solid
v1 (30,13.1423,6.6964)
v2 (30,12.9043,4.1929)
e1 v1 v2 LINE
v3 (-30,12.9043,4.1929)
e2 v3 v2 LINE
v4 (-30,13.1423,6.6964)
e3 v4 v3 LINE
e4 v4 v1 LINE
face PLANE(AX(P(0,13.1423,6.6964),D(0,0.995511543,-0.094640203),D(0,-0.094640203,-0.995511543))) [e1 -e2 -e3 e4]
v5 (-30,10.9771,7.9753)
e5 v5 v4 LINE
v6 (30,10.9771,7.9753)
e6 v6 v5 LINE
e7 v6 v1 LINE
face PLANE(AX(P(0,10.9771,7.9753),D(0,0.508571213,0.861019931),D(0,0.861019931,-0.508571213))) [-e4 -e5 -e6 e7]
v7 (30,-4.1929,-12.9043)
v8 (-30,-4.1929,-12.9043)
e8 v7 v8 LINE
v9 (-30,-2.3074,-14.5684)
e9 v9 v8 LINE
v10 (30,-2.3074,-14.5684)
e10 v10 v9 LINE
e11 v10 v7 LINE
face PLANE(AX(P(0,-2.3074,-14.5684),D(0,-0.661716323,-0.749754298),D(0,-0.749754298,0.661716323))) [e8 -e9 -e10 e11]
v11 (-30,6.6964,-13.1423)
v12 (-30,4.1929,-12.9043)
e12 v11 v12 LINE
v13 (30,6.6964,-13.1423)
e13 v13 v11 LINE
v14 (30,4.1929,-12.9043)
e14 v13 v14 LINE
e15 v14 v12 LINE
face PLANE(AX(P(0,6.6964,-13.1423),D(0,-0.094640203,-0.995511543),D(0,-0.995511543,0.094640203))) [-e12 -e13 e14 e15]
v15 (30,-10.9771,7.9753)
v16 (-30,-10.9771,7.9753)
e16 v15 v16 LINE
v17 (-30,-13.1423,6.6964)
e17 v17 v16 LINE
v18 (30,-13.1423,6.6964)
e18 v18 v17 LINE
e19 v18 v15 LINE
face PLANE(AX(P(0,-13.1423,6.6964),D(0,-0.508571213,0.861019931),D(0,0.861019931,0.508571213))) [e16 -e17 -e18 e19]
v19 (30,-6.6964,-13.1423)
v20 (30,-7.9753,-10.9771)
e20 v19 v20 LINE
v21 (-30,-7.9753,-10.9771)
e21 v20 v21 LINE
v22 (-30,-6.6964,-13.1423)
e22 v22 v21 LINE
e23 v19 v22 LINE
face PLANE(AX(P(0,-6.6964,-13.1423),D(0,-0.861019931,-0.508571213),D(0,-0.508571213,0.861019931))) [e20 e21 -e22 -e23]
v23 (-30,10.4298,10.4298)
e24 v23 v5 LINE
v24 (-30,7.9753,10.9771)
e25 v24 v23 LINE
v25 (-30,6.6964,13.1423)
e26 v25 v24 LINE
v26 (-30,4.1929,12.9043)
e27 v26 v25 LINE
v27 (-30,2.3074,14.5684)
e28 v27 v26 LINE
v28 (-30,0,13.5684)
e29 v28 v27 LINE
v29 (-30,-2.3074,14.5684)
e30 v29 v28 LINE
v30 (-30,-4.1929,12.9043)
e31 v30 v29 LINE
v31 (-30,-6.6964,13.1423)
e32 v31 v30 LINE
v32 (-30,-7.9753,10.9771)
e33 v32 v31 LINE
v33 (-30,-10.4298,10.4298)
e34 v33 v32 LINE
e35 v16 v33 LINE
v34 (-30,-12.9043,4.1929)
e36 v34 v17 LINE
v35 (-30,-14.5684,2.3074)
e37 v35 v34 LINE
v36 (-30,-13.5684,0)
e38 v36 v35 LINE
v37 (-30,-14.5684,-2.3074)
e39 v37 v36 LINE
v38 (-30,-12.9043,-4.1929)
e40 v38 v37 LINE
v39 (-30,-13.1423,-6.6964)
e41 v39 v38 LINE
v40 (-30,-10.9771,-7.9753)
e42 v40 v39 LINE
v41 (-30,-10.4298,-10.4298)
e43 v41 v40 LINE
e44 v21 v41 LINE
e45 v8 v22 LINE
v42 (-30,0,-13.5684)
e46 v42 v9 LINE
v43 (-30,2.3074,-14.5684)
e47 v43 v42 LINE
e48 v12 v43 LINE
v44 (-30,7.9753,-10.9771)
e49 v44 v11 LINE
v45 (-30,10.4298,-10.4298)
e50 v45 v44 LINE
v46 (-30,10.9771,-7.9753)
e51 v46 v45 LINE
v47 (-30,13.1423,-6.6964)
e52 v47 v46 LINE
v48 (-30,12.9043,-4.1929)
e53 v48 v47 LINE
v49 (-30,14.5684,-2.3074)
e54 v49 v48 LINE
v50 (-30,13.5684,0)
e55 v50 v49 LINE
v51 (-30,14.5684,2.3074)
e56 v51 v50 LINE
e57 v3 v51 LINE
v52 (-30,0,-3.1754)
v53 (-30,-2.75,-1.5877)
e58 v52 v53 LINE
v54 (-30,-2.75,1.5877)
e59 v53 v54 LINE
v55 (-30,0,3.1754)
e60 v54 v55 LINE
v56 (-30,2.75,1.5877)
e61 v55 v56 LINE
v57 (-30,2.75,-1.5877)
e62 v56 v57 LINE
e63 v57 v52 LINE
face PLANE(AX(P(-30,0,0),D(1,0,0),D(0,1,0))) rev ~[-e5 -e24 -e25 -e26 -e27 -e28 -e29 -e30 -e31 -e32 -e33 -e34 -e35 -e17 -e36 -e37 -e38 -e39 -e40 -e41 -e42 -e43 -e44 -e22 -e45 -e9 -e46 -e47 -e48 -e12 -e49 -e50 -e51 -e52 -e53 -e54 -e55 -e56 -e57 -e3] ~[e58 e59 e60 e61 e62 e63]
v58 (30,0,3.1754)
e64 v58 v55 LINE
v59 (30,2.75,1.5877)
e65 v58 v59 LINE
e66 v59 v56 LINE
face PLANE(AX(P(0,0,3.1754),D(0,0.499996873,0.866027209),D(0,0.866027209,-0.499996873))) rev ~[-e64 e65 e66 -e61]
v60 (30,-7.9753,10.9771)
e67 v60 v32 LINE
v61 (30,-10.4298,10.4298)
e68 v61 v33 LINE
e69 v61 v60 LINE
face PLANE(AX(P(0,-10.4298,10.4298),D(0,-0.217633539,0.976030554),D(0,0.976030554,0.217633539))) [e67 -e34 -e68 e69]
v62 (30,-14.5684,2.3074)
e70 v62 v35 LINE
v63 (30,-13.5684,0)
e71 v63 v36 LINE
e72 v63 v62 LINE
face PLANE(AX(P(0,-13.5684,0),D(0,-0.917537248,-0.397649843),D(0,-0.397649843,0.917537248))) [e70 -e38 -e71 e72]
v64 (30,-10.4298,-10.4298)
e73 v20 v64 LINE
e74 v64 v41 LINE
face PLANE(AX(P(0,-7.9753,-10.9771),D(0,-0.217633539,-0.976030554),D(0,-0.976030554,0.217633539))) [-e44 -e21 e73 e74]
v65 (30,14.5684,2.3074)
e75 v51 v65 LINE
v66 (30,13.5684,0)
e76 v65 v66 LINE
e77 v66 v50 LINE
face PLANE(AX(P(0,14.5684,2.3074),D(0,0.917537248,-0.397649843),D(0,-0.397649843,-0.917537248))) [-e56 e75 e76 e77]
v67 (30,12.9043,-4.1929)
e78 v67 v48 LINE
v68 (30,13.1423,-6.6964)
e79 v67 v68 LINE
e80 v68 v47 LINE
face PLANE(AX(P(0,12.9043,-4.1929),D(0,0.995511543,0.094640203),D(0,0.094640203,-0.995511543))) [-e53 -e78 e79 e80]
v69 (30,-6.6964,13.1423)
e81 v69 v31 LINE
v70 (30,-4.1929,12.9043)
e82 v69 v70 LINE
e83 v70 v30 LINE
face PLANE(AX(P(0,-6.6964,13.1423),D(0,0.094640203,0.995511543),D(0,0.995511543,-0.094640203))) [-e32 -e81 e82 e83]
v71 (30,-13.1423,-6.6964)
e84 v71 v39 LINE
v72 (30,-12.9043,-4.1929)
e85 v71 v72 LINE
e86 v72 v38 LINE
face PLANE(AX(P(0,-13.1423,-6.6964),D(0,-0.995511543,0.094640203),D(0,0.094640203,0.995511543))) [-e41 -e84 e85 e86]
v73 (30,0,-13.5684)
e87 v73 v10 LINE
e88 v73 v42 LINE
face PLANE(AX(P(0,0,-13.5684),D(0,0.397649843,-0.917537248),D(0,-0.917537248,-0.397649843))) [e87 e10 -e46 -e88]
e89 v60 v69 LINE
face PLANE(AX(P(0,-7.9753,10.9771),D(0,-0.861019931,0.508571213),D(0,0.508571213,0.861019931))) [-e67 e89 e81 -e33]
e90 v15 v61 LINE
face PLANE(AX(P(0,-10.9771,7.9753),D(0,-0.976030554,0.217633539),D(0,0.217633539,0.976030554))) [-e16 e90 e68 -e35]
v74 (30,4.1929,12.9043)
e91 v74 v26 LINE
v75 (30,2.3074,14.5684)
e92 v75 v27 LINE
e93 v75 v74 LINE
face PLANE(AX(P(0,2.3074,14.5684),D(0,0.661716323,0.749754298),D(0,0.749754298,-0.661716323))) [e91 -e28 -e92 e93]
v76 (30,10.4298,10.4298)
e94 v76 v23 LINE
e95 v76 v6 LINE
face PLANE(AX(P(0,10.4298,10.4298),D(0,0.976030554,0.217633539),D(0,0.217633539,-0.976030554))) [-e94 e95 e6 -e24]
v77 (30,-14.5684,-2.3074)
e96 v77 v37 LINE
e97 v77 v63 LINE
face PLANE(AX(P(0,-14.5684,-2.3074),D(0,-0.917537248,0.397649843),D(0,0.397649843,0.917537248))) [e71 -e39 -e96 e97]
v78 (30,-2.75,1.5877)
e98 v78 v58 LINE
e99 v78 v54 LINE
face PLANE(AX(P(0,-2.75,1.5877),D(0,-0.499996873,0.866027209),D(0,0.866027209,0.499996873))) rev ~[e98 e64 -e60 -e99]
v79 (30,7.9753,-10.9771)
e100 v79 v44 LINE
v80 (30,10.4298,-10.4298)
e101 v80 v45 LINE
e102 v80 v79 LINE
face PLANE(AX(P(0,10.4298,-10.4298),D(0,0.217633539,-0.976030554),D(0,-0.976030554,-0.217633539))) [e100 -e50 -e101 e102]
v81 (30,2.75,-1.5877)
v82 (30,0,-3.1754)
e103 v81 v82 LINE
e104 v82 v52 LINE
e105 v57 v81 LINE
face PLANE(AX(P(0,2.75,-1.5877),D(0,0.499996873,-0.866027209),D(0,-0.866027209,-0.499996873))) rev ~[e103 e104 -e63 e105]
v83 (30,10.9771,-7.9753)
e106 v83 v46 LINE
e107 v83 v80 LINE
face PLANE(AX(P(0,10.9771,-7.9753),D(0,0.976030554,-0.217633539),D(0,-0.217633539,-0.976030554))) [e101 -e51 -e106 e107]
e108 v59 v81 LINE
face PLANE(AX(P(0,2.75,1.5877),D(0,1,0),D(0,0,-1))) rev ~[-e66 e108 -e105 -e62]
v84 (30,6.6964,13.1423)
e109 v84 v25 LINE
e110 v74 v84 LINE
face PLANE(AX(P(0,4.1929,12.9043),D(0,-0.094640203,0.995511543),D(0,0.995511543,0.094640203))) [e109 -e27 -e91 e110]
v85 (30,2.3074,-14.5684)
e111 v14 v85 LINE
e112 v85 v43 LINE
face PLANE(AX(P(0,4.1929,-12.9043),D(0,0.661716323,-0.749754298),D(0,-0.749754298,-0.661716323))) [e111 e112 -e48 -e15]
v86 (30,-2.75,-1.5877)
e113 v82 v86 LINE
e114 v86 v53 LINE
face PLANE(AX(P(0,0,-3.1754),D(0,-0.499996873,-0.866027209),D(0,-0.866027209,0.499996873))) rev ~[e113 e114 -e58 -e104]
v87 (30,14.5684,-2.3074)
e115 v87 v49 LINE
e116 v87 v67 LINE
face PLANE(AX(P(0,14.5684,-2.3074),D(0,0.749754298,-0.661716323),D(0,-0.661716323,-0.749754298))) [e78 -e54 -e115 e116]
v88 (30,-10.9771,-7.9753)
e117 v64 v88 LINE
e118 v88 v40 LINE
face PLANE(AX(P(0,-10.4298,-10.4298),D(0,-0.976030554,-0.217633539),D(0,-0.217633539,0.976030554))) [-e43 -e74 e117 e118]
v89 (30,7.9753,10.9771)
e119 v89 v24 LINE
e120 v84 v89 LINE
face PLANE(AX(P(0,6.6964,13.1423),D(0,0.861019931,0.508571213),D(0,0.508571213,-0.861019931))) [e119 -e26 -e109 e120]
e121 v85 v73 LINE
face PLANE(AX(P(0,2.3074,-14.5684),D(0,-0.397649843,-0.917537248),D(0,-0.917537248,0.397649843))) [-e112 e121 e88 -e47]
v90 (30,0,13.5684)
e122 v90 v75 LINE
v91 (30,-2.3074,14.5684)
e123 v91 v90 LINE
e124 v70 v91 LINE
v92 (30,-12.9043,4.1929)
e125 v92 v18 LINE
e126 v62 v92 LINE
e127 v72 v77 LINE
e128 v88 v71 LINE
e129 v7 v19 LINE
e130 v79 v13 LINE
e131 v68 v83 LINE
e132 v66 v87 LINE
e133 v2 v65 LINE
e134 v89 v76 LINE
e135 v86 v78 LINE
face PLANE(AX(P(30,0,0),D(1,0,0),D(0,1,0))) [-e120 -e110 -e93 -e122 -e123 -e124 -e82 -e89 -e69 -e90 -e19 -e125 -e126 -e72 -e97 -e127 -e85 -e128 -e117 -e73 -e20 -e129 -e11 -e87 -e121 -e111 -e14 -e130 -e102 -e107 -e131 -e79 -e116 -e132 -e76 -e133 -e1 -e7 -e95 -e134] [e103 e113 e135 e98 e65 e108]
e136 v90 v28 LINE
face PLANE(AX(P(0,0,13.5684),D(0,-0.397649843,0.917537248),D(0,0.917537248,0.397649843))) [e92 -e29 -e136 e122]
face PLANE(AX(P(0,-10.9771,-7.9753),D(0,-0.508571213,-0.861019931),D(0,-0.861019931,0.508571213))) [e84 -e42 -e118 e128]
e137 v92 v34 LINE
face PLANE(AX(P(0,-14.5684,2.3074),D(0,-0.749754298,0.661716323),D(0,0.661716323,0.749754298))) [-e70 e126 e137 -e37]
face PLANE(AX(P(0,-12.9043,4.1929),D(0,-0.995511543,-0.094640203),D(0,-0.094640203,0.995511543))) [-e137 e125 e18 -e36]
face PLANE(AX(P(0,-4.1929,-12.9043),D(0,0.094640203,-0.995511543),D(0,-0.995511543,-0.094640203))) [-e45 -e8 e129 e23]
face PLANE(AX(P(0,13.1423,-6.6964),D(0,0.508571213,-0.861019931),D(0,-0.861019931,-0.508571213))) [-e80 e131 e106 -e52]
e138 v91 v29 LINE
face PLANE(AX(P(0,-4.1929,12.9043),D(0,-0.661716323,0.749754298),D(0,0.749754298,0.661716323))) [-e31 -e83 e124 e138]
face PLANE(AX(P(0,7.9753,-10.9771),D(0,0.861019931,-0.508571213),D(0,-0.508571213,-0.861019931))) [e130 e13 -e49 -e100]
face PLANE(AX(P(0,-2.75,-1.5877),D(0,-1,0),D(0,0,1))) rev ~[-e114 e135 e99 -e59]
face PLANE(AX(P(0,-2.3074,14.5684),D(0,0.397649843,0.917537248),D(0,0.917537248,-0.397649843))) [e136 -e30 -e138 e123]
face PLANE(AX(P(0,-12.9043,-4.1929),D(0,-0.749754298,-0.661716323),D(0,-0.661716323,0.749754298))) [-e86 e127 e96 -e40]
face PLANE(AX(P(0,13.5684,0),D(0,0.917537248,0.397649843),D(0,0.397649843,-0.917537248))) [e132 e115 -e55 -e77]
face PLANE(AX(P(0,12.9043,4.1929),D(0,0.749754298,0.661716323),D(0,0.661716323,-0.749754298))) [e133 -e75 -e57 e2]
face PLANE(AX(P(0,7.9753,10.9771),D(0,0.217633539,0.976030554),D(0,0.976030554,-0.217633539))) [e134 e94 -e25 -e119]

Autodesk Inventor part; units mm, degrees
ref_plane "YZ Plane" through (0, 0, 0) normal (1, 0, 0) x (0, 1, 0)
ref_plane "XZ Plane" through (0, 0, 0) normal (0, 1, 0) x (-1, 0, 0)
ref_plane "XY Plane" through (0, 0, 0) normal (0, 0, 1) x (1, 0, 0)
sketch "Sketch1" plane through (0, 0, 0) normal (1, 0, 0) x (0, 1, 0)
  circle A0 centre (0, 0) radius 14.75 construction
  line L0 (2.75, -1.5877) -> (0, -3.1754)
  line L1 (0, -3.1754) -> (-2.75, -1.5877)
  line L2 (-2.75, -1.5877) -> (-2.75, 1.5877)
  line L3 (-2.75, 1.5877) -> (0, 3.1754)
  line L4 (0, 3.1754) -> (2.75, 1.5877)
  line L5 (2.75, 1.5877) -> (2.75, -1.5877)
  line L6 (14.5684, 2.3074) -> (14.5684, -2.3074) construction
  line L7 (14.5684, 2.3074) -> (0, 0) construction
  line L8 (0, 0) -> (14.5684, -2.3074) construction
  line L9 (14.5684, 2.3074) -> (13.5684, 0)
  line L10 (13.5684, 0) -> (14.5684, -2.3074)
  line L11 (13.5684, 0) -> (14.5684, 0) construction
  line L12 (13.1423, 6.6964) -> (12.9043, 4.1929)
  line L13 (12.9043, 4.1929) -> (14.5684, 2.3074)
  line L14 (10.4298, 10.4298) -> (10.9771, 7.9753)
  line L15 (10.9771, 7.9753) -> (13.1423, 6.6964)
  line L16 (6.6964, 13.1423) -> (7.9753, 10.9771)
  line L17 (7.9753, 10.9771) -> (10.4298, 10.4298)
  line L18 (2.3074, 14.5684) -> (4.1929, 12.9043)
  line L19 (4.1929, 12.9043) -> (6.6964, 13.1423)
  line L20 (-2.3074, 14.5684) -> (0, 13.5684)
  line L21 (0, 13.5684) -> (2.3074, 14.5684)
  line L22 (-6.6964, 13.1423) -> (-4.1929, 12.9043)
  line L23 (-4.1929, 12.9043) -> (-2.3074, 14.5684)
  line L24 (-10.4298, 10.4298) -> (-7.9753, 10.9771)
  line L25 (-7.9753, 10.9771) -> (-6.6964, 13.1423)
  line L26 (-13.1423, 6.6964) -> (-10.9771, 7.9753)
  line L27 (-10.9771, 7.9753) -> (-10.4298, 10.4298)
  line L28 (-14.5684, 2.3074) -> (-12.9043, 4.1929)
  line L29 (-12.9043, 4.1929) -> (-13.1423, 6.6964)
  line L30 (-14.5684, -2.3074) -> (-13.5684, 0)
  line L31 (-13.5684, 0) -> (-14.5684, 2.3074)
  line L32 (-13.1423, -6.6964) -> (-12.9043, -4.1929)
  line L33 (-12.9043, -4.1929) -> (-14.5684, -2.3074)
  line L34 (-10.4298, -10.4298) -> (-10.9771, -7.9753)
  line L35 (-10.9771, -7.9753) -> (-13.1423, -6.6964)
  line L36 (-6.6964, -13.1423) -> (-7.9753, -10.9771)
  line L37 (-7.9753, -10.9771) -> (-10.4298, -10.4298)
  line L38 (-2.3074, -14.5684) -> (-4.1929, -12.9043)
  line L39 (-4.1929, -12.9043) -> (-6.6964, -13.1423)
  line L40 (2.3074, -14.5684) -> (0, -13.5684)
  line L41 (0, -13.5684) -> (-2.3074, -14.5684)
  line L42 (6.6964, -13.1423) -> (4.1929, -12.9043)
  line L43 (4.1929, -12.9043) -> (2.3074, -14.5684)
  line L44 (10.4298, -10.4298) -> (7.9753, -10.9771)
  line L45 (7.9753, -10.9771) -> (6.6964, -13.1423)
  line L46 (13.1423, -6.6964) -> (10.9771, -7.9753)
  line L47 (10.9771, -7.9753) -> (10.4298, -10.4298)
  line L48 (14.5684, -2.3074) -> (12.9043, -4.1929)
  line L49 (12.9043, -4.1929) -> (13.1423, -6.6964)
  dimension "d0" = 29.5
  dimension "d1" = 5.5
  dimension "d2" = 18
  dimension "d3" = 1
  dimension "d6" = 360
extrude "Extrusion1" add sketch "Sketch1" along normal mid plane 60
properties part number "SolidRollerNoPulley" material "PC/ABS Plastic"
